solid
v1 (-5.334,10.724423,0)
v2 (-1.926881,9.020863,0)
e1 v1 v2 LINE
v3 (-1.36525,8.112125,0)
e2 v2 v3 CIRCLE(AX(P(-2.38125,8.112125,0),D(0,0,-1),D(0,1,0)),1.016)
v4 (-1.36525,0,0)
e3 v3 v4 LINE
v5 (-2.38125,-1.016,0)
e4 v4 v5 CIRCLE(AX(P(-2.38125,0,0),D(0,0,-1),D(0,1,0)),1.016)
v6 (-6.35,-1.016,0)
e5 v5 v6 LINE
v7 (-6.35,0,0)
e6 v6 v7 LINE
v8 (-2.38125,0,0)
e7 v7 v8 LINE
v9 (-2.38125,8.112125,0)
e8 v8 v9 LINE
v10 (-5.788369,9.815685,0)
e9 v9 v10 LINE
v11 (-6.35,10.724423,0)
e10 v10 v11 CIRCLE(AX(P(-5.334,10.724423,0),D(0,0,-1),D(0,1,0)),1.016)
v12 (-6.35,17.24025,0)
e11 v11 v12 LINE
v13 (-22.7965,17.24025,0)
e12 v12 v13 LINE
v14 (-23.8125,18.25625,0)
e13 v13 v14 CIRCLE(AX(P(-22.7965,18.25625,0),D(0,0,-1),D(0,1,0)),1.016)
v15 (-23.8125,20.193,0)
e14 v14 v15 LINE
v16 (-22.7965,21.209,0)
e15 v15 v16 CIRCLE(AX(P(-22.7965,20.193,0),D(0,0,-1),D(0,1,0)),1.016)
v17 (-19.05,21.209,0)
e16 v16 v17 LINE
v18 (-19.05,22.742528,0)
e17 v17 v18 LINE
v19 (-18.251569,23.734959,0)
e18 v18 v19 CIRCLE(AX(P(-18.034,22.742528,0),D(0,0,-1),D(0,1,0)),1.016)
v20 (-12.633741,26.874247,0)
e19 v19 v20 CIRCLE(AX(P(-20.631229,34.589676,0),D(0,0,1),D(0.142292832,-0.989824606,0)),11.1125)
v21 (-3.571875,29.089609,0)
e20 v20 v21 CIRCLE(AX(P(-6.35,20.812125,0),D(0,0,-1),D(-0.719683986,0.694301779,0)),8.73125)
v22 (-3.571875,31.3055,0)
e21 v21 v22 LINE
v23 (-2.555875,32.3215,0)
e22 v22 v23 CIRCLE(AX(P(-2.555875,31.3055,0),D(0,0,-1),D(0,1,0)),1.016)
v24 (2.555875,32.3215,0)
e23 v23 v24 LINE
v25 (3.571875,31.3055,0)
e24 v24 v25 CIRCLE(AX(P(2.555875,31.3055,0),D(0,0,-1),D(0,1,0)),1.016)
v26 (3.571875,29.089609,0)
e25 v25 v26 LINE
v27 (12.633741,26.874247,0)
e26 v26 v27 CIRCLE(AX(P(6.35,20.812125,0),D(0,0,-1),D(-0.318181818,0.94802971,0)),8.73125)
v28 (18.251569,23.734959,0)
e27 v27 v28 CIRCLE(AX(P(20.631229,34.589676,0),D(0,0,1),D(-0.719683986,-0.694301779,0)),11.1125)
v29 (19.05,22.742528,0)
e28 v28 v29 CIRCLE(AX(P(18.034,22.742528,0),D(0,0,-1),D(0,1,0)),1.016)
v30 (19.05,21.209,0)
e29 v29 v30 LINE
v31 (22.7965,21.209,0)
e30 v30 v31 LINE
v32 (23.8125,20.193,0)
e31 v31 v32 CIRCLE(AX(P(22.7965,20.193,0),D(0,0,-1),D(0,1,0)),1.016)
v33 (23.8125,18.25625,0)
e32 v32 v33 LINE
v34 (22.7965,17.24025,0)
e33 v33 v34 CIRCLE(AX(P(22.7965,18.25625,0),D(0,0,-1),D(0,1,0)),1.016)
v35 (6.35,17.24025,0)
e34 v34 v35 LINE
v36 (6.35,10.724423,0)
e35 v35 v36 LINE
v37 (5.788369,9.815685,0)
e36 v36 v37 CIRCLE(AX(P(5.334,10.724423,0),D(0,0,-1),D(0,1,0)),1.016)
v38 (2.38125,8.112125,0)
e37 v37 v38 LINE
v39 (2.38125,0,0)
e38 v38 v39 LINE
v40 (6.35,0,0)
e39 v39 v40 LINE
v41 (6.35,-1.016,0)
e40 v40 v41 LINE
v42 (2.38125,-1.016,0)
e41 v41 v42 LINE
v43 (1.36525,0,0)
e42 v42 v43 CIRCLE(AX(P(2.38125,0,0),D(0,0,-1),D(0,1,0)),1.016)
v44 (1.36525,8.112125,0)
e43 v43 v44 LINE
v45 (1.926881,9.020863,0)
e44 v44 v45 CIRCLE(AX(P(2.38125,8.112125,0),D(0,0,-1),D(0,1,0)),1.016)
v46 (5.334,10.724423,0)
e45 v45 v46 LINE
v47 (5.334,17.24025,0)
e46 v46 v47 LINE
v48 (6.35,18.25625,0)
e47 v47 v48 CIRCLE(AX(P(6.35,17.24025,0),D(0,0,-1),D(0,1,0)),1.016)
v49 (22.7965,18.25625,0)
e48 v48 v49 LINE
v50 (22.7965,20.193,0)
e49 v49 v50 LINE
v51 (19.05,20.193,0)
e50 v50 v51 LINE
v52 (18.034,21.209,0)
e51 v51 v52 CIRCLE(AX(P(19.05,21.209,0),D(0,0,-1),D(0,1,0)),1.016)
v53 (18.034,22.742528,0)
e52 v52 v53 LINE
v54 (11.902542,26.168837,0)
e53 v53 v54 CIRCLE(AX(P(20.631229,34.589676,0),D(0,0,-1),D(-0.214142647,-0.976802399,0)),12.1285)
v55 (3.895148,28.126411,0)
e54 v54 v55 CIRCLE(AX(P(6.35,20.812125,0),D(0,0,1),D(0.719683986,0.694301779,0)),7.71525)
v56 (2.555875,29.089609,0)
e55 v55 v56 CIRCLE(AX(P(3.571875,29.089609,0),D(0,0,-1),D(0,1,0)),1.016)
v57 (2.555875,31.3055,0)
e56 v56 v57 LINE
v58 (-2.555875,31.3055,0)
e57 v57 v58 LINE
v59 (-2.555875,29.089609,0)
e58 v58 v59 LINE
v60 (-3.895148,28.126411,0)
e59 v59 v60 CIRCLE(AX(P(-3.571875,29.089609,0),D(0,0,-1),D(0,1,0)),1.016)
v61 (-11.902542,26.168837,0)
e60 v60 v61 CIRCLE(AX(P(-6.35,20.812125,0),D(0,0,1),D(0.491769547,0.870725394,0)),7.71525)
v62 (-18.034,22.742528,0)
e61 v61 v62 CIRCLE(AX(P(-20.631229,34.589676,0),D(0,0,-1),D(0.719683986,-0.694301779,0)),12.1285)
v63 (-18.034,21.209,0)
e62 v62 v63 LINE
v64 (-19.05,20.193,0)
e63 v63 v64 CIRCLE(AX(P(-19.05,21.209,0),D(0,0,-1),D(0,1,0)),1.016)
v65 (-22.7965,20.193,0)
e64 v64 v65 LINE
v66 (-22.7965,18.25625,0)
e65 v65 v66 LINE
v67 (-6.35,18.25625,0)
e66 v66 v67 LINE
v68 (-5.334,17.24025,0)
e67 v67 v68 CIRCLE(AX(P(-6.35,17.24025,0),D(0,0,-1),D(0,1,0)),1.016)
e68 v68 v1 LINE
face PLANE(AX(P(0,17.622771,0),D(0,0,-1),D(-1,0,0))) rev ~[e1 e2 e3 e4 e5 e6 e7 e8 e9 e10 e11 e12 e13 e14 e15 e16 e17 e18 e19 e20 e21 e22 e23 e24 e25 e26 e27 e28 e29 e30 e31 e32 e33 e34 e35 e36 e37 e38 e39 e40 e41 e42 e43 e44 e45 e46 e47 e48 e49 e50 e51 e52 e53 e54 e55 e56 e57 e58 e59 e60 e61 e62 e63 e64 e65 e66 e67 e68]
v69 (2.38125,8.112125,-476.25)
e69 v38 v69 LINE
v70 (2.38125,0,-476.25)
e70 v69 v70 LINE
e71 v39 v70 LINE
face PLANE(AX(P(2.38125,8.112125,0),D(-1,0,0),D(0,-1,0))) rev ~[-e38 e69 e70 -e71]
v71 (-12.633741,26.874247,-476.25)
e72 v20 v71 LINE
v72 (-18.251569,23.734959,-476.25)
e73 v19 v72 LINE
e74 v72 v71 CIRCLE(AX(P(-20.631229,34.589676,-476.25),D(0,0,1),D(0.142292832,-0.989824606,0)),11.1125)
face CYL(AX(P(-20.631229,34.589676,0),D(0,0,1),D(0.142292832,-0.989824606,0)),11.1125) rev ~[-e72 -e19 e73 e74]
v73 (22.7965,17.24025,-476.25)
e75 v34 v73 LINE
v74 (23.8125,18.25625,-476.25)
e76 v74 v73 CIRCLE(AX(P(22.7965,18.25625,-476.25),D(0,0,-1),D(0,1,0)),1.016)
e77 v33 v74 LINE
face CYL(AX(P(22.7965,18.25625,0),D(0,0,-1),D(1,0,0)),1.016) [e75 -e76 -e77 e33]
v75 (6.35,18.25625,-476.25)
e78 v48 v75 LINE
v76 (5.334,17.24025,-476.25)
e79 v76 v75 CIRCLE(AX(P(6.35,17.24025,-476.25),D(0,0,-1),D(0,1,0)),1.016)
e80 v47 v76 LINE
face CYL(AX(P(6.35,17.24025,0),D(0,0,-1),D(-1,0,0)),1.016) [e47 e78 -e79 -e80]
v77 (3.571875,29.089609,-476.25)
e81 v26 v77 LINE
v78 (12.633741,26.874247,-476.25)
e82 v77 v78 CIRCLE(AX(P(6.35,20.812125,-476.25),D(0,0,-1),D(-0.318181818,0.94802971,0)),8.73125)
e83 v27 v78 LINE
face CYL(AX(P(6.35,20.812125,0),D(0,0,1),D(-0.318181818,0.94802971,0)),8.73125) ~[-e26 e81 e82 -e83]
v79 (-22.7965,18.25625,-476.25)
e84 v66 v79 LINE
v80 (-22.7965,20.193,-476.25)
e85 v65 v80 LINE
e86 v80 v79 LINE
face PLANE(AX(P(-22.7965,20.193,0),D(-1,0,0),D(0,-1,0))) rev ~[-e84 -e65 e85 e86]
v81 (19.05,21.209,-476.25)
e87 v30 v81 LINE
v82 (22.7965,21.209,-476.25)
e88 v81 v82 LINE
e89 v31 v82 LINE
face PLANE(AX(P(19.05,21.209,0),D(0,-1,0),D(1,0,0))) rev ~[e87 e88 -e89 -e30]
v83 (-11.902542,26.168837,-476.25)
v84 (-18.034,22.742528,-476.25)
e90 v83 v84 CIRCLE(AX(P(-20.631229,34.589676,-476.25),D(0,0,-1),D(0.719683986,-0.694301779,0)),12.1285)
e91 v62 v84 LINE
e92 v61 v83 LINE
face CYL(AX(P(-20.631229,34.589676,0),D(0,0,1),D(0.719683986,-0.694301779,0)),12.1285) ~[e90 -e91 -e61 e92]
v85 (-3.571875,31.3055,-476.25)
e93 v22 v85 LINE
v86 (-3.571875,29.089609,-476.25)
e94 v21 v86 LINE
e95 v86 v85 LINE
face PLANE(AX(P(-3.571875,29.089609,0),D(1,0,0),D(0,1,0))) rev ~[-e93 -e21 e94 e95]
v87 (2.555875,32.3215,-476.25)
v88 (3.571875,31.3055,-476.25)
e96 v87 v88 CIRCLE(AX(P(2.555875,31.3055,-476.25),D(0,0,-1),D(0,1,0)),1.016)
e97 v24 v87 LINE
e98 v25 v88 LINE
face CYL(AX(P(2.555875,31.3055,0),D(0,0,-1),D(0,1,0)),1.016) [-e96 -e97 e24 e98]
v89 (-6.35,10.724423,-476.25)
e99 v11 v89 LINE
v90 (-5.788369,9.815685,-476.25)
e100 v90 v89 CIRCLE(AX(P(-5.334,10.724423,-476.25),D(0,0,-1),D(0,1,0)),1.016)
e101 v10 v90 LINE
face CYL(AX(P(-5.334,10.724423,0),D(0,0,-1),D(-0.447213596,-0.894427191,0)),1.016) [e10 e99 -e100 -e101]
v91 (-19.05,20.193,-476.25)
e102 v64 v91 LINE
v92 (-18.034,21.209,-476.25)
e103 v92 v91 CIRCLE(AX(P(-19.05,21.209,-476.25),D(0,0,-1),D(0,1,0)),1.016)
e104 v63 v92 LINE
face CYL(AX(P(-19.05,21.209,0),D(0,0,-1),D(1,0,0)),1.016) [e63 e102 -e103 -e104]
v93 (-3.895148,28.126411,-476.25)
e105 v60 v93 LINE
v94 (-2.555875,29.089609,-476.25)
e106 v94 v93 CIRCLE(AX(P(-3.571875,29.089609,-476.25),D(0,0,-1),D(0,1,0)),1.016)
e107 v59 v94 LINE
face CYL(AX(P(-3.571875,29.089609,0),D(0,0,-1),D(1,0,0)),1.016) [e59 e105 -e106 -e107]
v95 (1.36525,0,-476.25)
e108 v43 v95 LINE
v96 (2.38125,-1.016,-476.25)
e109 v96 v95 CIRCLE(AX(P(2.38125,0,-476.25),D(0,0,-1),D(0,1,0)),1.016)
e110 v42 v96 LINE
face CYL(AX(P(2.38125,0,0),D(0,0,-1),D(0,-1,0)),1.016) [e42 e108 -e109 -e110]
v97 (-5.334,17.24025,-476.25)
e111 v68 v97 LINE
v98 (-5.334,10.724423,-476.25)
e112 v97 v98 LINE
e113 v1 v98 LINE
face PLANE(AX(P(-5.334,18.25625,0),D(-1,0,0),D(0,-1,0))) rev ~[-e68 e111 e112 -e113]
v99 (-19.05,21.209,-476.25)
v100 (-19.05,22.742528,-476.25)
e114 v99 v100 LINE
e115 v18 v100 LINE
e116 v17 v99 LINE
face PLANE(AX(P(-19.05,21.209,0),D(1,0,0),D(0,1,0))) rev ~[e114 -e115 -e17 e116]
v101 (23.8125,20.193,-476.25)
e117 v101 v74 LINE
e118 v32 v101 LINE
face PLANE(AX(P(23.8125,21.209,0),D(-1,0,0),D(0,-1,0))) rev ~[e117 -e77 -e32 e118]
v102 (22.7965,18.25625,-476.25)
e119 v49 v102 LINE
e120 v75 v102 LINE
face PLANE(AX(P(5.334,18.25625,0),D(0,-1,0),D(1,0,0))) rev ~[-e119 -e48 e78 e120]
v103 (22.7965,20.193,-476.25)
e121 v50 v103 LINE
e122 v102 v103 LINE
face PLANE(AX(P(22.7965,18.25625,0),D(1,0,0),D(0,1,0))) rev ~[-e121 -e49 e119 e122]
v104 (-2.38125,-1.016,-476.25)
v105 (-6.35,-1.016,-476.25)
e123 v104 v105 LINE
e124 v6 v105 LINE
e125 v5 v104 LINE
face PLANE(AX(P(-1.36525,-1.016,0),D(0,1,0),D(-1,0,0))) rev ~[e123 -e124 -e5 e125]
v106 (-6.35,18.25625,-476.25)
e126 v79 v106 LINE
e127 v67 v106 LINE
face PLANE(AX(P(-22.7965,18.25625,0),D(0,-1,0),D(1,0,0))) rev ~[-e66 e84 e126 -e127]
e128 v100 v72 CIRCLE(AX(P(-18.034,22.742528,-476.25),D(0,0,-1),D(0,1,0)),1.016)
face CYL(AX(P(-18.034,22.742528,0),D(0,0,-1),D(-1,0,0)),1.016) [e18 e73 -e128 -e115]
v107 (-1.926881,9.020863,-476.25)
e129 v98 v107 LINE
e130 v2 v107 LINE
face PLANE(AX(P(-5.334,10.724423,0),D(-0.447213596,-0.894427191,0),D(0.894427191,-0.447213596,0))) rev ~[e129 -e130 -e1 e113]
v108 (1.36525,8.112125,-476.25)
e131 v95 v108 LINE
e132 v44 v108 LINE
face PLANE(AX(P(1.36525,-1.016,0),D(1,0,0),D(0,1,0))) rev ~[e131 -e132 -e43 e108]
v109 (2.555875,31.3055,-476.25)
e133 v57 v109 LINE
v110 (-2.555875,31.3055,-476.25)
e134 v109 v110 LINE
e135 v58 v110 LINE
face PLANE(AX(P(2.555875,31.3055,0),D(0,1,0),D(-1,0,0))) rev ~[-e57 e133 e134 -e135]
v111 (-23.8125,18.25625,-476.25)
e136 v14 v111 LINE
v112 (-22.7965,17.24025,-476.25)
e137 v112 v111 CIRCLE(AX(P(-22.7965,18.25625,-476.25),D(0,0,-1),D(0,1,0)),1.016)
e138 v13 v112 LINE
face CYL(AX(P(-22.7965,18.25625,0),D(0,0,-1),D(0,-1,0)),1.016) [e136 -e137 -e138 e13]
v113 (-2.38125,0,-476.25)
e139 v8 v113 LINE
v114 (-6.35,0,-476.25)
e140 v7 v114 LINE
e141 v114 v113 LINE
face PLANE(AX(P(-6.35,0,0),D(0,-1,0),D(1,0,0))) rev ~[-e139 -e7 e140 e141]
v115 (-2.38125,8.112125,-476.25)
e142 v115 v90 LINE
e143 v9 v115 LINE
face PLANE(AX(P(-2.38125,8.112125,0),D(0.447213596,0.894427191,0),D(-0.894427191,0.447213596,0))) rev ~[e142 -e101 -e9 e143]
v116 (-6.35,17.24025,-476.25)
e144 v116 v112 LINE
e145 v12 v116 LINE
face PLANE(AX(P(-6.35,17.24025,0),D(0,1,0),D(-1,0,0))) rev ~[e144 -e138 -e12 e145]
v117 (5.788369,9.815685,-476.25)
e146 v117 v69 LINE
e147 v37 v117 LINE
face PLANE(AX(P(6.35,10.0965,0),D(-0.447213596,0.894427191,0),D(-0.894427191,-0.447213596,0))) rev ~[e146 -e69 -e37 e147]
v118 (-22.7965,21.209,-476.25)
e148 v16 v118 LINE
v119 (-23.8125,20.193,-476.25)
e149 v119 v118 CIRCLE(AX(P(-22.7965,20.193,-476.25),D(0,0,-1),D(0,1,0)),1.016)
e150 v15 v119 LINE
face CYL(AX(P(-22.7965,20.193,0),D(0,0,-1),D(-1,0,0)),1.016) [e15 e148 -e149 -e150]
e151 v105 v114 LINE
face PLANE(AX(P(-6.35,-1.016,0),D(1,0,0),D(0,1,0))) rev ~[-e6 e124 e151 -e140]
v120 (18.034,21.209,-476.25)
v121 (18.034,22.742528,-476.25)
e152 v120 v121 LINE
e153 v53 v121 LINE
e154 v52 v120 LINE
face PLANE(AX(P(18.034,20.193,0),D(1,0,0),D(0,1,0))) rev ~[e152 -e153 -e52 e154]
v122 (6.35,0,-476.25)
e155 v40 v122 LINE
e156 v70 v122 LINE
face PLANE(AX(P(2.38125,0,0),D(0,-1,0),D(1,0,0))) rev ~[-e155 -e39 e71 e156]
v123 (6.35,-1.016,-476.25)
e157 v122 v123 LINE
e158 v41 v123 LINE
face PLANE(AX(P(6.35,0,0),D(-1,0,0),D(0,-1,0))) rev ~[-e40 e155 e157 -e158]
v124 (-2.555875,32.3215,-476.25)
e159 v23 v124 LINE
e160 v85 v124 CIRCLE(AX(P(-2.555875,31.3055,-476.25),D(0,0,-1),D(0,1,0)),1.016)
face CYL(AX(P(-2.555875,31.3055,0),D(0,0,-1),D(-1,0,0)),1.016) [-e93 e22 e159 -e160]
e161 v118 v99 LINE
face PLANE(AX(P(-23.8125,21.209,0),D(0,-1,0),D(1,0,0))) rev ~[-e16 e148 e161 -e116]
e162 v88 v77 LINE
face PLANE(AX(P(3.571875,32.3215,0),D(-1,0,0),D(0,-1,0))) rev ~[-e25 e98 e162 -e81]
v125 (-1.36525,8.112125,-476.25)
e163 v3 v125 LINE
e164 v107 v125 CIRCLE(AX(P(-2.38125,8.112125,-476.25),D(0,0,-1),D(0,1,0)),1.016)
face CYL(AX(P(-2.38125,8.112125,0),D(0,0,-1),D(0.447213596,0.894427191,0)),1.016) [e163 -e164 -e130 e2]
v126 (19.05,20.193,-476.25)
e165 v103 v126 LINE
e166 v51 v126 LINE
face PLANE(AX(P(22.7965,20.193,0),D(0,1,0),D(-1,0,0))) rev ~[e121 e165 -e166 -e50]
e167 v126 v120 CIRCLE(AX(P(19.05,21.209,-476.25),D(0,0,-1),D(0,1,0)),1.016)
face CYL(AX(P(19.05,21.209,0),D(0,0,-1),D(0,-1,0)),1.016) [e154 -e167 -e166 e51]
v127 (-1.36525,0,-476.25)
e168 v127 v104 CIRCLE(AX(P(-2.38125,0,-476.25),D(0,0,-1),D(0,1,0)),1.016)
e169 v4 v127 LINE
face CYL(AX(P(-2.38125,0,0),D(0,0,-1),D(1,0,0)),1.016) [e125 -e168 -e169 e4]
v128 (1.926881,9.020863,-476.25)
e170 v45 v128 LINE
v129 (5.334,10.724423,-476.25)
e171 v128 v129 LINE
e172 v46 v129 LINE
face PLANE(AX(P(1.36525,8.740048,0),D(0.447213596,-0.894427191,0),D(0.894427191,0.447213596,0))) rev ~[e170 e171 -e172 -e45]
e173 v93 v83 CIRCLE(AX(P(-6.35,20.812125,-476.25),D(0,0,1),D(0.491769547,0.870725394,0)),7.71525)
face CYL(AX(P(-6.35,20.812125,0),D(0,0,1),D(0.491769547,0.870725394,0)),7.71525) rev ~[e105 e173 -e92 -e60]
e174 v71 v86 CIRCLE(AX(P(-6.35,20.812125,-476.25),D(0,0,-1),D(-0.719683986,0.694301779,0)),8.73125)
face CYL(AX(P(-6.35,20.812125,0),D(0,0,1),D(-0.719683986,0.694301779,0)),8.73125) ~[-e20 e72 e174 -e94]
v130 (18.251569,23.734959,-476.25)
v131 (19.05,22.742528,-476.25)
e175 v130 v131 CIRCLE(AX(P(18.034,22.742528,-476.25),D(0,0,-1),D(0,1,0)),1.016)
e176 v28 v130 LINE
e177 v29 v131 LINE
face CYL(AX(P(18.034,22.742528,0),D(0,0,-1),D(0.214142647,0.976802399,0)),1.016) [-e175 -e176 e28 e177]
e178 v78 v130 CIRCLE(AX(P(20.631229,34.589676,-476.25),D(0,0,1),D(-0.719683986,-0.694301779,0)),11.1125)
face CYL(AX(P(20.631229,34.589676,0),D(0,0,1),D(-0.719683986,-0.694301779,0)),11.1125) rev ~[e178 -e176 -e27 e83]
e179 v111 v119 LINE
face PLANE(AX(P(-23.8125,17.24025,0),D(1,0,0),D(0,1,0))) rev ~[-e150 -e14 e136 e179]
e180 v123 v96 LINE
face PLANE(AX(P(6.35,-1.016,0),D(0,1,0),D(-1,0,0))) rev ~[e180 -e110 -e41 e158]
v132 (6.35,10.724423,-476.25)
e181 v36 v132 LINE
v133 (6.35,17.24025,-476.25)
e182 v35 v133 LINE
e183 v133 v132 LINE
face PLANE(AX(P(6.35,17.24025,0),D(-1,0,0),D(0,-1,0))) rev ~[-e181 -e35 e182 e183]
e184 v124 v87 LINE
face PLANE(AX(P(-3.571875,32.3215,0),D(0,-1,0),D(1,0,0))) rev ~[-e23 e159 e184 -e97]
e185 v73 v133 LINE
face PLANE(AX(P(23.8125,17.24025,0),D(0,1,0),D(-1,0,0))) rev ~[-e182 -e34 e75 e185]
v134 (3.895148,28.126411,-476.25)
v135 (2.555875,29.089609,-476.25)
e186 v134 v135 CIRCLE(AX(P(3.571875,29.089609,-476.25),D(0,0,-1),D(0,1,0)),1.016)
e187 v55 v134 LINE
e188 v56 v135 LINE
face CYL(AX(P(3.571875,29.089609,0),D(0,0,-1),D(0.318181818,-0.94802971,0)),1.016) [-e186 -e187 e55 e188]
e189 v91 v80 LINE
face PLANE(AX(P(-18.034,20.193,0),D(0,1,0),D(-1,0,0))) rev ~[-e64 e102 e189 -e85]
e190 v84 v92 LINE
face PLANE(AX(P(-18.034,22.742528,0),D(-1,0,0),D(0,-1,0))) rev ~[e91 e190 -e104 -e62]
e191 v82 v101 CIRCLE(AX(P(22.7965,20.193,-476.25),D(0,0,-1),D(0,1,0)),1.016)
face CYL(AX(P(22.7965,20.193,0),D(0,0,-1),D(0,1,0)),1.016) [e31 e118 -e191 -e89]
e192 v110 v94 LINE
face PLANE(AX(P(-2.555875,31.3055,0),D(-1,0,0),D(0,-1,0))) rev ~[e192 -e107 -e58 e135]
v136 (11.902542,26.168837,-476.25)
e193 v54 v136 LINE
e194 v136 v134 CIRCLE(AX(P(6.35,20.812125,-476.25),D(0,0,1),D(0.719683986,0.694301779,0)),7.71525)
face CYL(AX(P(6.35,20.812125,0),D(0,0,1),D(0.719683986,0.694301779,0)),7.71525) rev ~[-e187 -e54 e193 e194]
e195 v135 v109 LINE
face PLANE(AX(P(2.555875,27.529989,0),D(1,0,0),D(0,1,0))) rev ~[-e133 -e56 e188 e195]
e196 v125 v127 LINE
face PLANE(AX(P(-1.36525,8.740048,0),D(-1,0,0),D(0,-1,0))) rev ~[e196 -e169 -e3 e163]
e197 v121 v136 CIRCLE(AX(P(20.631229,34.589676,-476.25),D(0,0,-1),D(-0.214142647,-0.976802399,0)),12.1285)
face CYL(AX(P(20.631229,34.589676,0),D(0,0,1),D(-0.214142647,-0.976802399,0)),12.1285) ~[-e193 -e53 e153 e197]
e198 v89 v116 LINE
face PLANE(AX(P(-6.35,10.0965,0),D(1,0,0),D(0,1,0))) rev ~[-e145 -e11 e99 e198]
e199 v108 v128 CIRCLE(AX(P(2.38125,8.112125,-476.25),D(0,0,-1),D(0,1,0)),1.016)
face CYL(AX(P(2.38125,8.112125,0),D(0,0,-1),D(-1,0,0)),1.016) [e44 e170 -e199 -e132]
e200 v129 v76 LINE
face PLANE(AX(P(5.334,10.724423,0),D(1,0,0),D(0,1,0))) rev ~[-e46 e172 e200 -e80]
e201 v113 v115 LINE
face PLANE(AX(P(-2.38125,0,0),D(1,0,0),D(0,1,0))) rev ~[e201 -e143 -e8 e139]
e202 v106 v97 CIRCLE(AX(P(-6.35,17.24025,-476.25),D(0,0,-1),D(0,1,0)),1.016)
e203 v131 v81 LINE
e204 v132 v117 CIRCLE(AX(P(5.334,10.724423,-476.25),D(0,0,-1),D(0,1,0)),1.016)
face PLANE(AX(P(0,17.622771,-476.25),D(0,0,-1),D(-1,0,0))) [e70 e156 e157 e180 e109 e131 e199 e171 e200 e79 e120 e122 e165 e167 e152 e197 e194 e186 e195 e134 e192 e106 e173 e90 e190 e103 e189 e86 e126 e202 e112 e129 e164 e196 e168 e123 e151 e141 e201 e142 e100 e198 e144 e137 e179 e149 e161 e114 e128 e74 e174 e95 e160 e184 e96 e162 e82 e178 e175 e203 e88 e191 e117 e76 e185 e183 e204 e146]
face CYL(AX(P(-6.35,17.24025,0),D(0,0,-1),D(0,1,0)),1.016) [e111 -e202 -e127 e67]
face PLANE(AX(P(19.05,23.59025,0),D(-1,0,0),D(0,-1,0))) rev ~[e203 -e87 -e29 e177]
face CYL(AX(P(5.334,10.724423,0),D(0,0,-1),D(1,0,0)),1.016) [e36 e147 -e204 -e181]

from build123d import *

# Parameters (mm, degrees)
EXTRUDE_THIN2_DEPTH = 476.25
FILLET1_R           = 1.016


with BuildPart() as part:
    # Sketch1 → Extrude-Thin2 (new body)
    with BuildSketch(Plane.XY):
        with BuildLine():
            Line((-6.35, 0), (-2.38125, 0))
            Line((-2.38125, 0), (-2.38125, 8.112125))
            Line((-2.38125, 8.112125), (-6.35, 10.0965))
            Line((-6.35, 10.0965), (-6.35, 17.24025))
            Line((-6.35, 17.24025), (-23.8125, 17.24025))
            Line((-23.8125, 17.24025), (-23.8125, 21.209))
            Line((-23.8125, 21.209), (-19.05, 21.209))
            Line((-19.05, 21.209), (-19.05, 23.59025))
            ThreePointArc((-19.05, 23.59025), (-15.568214533, 24.697581116), (-12.633740801, 26.874247409))
            ThreePointArc((-12.633740801, 26.874247409), (-8.42347359, 29.293600923), (-3.571875, 29.089609403))
            Line((-3.571875, 29.089609403), (-3.571875, 32.3215))
            Line((-3.571875, 32.3215), (3.571875, 32.3215))
            Line((3.571875, 32.3215), (3.571875, 29.089609403))
            ThreePointArc((3.571875, 29.089609403), (8.42347359, 29.293600923), (12.633740801, 26.874247409))
            ThreePointArc((12.633740801, 26.874247409), (15.568214533, 24.697581116), (19.05, 23.59025))
            Line((19.05, 23.59025), (19.05, 21.209))
            Line((19.05, 21.209), (23.8125, 21.209))
            Line((23.8125, 21.209), (23.8125, 17.24025))
            Line((23.8125, 17.24025), (6.35, 17.24025))
            Line((6.35, 17.24025), (6.35, 10.0965))
            Line((6.35, 10.0965), (2.38125, 8.112125))
            Line((2.38125, 8.112125), (2.38125, 0))
            Line((2.38125, 0), (6.35, 0))
            Line((6.35, 0), (6.35, -1.016))
            Line((6.35, -1.016), (1.36525, -1.016))
            Line((1.36525, -1.016), (1.36525, 8.740047533))
            Line((1.36525, 8.740047533), (5.334, 10.724422533))
            Line((5.334, 10.724422533), (5.334, 18.25625))
            Line((5.334, 18.25625), (22.7965, 18.25625))
            Line((22.7965, 18.25625), (22.7965, 20.193))
            Line((22.7965, 20.193), (18.034, 20.193))
            Line((18.034, 20.193), (18.034, 22.742528034))
            ThreePointArc((18.034, 22.742528034), (14.714811847, 24.002111564), (11.902541871, 26.168836802))
            ThreePointArc((11.902541871, 26.168836802), (7.461841431, 28.446841183), (2.555875, 27.529989099))
            Line((2.555875, 27.529989099), (2.555875, 31.3055))
            Line((2.555875, 31.3055), (-2.555875, 31.3055))
            Line((-2.555875, 31.3055), (-2.555875, 27.529989099))
            ThreePointArc((-2.555875, 27.529989099), (-7.461841431, 28.446841183), (-11.902541871, 26.168836802))
            ThreePointArc((-11.902541871, 26.168836802), (-14.714811847, 24.002111564), (-18.034, 22.742528034))
            Line((-18.034, 22.742528034), (-18.034, 20.193))
            Line((-18.034, 20.193), (-22.7965, 20.193))
            Line((-22.7965, 20.193), (-22.7965, 18.25625))
            Line((-22.7965, 18.25625), (-5.334, 18.25625))
            Line((-5.334, 18.25625), (-5.334, 10.724422533))
            Line((-5.334, 10.724422533), (-1.36525, 8.740047533))
            Line((-1.36525, 8.740047533), (-1.36525, -1.016))
            Line((-1.36525, -1.016), (-6.35, -1.016))
            Line((-6.35, -1.016), (-6.35, 0))
        make_face()
    extrude(amount=-EXTRUDE_THIN2_DEPTH)

    # Fillet1
    fillet1_edges = [part.edges().sort_by_distance(p)[0] for p in [
        (-6.35, 10.0965, -238.125),
        (-23.8125, 17.24025, -238.125),
        (-23.8125, 21.209, -238.125),
        (-19.05, 23.59025, -238.125),
        (-3.571875, 32.3215, -238.125),
        (3.571875, 32.3215, -238.125),
        (19.05, 23.59025, -238.125),
        (23.8125, 21.209, -238.125),
        (23.8125, 17.24025, -238.125),
        (6.35, 10.0965, -238.125),
        (1.36525, -1.016, -238.125),
        (1.36525, 8.740047533, -238.125),
        (5.334, 18.25625, -238.125),
        (18.034, 20.193, -238.125),
        (2.555875, 27.529989099, -238.125),
        (-2.555875, 27.529989099, -238.125),
        (-18.034, 20.193, -238.125),
        (-5.334, 18.25625, -238.125),
        (-1.36525, 8.740047533, -238.125),
        (-1.36525, -1.016, -238.125),
    ]]
    fillet(fillet1_edges, radius=FILLET1_R)


solid = part.part
